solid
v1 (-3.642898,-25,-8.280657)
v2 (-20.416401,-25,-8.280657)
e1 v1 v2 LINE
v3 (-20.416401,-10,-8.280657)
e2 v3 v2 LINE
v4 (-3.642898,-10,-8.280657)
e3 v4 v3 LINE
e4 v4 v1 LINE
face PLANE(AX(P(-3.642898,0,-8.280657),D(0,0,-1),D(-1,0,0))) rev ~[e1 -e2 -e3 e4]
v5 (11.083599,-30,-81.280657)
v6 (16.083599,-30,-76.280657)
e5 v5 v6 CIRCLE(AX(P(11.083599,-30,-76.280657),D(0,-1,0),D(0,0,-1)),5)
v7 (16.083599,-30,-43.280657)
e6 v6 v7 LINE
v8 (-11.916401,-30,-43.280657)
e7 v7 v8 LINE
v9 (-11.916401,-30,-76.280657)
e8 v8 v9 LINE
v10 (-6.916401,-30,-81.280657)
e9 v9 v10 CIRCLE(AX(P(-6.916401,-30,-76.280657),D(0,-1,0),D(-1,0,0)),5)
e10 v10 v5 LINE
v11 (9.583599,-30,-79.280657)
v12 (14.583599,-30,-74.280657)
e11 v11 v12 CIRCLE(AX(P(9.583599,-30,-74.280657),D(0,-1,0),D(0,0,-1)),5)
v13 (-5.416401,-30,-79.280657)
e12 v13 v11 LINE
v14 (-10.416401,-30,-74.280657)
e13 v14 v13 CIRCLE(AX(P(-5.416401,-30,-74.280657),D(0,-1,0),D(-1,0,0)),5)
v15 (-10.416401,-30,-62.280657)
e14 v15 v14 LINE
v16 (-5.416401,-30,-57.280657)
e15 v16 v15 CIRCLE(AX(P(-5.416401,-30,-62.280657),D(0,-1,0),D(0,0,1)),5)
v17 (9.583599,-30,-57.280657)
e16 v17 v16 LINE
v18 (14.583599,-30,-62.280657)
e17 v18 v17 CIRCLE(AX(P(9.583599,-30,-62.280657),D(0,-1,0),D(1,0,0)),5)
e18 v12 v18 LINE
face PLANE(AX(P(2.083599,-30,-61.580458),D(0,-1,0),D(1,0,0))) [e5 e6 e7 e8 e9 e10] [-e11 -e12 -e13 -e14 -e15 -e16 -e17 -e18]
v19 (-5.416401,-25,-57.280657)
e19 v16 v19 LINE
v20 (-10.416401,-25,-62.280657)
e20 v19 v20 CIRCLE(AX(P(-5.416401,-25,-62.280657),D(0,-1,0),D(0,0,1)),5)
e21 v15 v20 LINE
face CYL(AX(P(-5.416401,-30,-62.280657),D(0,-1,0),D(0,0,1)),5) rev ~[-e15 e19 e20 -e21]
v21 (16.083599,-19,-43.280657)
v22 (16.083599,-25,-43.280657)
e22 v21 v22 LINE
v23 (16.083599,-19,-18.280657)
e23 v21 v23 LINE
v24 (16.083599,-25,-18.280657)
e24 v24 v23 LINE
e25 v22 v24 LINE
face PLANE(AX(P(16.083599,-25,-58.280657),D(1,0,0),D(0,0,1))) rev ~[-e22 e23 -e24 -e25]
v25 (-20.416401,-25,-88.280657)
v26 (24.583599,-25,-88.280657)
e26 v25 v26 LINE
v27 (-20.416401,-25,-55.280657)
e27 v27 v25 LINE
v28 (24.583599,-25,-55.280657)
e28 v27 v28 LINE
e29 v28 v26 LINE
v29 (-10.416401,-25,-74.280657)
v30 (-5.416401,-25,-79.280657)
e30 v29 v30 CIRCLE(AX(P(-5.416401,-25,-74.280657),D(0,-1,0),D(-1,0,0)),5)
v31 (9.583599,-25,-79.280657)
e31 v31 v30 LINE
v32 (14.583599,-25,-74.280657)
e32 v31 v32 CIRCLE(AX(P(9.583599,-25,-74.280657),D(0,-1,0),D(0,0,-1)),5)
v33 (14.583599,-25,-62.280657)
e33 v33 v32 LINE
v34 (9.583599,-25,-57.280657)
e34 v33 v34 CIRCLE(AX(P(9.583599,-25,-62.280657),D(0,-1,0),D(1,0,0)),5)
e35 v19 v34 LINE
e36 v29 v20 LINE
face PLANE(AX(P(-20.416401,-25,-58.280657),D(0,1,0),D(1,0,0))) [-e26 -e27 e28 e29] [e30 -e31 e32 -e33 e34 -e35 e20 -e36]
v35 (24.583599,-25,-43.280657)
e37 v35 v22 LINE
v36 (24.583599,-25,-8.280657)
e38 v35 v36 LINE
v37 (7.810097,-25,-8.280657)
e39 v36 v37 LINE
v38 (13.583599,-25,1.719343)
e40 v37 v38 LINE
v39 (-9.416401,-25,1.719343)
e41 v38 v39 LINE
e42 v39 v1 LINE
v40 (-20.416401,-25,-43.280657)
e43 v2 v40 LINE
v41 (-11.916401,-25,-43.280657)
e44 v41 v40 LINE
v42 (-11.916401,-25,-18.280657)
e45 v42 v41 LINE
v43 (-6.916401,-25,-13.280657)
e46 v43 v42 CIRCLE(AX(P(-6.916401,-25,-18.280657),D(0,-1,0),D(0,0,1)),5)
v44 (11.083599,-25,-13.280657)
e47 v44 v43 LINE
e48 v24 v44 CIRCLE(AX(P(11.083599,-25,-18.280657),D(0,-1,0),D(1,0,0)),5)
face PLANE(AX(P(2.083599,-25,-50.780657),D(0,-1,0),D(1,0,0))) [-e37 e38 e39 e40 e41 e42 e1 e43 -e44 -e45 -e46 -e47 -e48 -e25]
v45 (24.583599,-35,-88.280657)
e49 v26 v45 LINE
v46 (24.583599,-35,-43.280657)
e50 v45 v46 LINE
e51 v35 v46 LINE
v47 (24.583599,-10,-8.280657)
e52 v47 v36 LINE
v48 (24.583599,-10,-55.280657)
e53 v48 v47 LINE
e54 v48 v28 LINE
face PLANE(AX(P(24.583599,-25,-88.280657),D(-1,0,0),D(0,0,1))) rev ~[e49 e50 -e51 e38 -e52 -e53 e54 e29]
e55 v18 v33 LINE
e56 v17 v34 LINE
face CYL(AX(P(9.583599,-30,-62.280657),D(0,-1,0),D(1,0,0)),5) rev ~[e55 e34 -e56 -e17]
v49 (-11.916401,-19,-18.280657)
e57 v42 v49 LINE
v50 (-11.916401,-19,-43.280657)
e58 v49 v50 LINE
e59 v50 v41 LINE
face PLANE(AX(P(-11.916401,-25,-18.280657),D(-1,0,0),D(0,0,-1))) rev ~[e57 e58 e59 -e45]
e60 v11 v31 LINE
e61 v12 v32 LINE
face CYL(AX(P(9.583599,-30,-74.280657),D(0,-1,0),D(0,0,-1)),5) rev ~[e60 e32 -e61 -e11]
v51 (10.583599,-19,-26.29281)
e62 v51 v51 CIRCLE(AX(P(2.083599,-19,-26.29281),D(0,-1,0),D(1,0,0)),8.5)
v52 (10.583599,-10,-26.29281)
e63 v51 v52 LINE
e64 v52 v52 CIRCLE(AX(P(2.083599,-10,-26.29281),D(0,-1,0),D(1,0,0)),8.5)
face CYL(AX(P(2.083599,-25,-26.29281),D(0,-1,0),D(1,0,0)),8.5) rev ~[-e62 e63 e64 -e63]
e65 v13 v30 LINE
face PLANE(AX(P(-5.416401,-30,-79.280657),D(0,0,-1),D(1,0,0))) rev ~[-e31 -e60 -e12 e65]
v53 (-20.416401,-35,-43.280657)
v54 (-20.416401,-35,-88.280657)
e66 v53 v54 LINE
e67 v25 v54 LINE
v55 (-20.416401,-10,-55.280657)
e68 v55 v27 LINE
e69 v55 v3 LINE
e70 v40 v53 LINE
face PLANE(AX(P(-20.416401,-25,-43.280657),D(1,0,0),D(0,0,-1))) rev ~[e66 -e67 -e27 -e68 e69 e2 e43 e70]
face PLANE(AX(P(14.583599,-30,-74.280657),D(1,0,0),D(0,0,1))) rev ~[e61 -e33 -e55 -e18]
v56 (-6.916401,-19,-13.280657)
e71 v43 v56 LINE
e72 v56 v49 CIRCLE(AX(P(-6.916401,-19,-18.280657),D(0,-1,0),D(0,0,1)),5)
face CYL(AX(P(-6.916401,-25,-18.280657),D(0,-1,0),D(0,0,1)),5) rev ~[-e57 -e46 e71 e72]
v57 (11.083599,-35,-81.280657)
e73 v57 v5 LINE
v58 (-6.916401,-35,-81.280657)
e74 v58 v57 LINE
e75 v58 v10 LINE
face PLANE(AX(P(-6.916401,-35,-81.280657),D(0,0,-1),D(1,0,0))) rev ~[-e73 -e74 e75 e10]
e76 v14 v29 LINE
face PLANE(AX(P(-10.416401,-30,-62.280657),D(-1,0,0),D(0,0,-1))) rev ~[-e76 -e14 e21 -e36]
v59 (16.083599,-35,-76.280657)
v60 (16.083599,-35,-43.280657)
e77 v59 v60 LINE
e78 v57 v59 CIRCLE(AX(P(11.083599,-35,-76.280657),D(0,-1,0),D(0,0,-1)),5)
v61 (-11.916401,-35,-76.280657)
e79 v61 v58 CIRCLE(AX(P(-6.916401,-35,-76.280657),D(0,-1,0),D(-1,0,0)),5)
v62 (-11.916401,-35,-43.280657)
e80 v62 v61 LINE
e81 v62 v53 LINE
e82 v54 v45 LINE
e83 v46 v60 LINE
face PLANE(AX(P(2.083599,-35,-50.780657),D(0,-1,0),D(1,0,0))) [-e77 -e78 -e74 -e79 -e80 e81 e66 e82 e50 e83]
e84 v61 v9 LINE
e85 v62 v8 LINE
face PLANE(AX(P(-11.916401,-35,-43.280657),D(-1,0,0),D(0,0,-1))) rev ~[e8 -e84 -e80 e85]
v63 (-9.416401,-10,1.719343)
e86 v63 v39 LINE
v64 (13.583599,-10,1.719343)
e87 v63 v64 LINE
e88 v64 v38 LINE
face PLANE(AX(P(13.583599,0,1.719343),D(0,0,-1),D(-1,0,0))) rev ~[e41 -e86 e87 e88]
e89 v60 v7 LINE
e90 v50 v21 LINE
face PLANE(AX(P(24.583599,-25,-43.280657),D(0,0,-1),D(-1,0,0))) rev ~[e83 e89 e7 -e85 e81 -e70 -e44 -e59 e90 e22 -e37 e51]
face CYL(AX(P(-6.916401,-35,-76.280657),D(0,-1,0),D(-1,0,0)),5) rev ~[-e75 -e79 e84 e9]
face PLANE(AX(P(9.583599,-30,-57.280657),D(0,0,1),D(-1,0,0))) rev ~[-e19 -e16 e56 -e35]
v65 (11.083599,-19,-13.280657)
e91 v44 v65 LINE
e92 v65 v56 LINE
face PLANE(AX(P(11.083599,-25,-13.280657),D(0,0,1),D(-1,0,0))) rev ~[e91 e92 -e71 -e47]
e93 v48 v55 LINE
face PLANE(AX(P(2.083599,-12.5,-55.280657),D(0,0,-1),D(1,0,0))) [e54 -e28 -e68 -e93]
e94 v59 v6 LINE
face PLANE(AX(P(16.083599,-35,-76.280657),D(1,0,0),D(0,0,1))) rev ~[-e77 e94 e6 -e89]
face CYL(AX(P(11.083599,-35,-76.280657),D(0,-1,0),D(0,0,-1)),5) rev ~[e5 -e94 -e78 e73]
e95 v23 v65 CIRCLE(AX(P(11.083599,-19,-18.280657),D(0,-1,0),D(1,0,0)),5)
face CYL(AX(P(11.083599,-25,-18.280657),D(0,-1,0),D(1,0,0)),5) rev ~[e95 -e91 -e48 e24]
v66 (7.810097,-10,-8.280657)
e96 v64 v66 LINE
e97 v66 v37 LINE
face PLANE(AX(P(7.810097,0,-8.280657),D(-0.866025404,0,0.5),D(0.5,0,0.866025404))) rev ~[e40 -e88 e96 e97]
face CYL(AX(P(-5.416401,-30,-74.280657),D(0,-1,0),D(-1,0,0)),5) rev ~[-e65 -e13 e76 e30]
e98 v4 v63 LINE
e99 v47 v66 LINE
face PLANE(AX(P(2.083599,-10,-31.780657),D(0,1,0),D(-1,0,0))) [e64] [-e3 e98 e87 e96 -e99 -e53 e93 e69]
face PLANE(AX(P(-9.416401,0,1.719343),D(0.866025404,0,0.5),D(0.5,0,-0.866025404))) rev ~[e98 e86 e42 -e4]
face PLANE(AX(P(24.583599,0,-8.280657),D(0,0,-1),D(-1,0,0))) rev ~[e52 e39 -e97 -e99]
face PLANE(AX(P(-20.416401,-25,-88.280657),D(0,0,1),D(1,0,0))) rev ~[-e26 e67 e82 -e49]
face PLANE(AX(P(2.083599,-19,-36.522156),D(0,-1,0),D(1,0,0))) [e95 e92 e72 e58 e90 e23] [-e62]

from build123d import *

# Parameters (mm, degrees)
F1_DEPTH  = 25
F2_R      = 8.5
F3_DEPTH  = 25
F5_DEPTH  = 6
F6_W      = 28
F6_H      = 15
F7_DEPTH  = 6
F8_W      = 45
F8_H      = 30
F9_DEPTH  = 10
F11_DEPTH = 5
F13_W     = 45
F13_H     = 25
F14_DEPTH = 3
F15_DEPTH = 25
F16_W     = 45
F16_H     = 47
F17_DEPTH = 10
F19_DEPTH = 10


with BuildPart() as f1:
    # F0 (on Front) → F1 (new body)
    with BuildSketch(Plane.XZ):
        Polygon((13.583599414, 1.7193433519), (-9.416400586, 1.7193433519), (-3.6428978941, -8.2806566481), (-20.416400586, -8.2806566481), (-20.416400586, -58.2806566481), (24.583599414, -58.2806566481), (24.583599414, -8.2806566481), (7.8100967221, -8.2806566481), align=None)
    extrude(amount=F1_DEPTH)

    # F2 (on face) → F3 (cut)
    with BuildSketch(Plane.XZ.offset(25)):
        with Locations((2.083599414, -26.2928102165)):
            Circle(F2_R)
    extrude(amount=-F3_DEPTH, mode=Mode.SUBTRACT)

    # F4 (on face) → F5 (cut)
    with BuildSketch(Plane.XZ.offset(25)):
        with BuildLine():
            Line((11.083599414, -13.2806566481), (-6.916400586, -13.2806566481))
            ThreePointArc((-6.916400586, -13.2806566481), (-10.4519344919, -14.7451227421), (-11.916400586, -18.2806566481))
            Line((-11.916400586, -18.2806566481), (-11.916400586, -58.2806566481))
            Line((-11.916400586, -58.2806566481), (16.083599414, -58.2806566481))
            Line((16.083599414, -58.2806566481), (16.083599414, -18.2806566481))
            ThreePointArc((16.083599414, -18.2806566481), (14.6191333199, -14.7451227421), (11.083599414, -13.2806566481))
        make_face()
    extrude(amount=-F5_DEPTH, mode=Mode.SUBTRACT)

    # F6 (on face) → F7 (join)
    with BuildSketch(Plane.XZ.offset(19)):
        with Locations((2.083599414, -50.7806566481)):
            Rectangle(F6_W, F6_H)
    extrude(amount=F7_DEPTH)

    # F8 (on face) → F9 (join)
    with BuildSketch(Plane.XZ.offset(25)):
        Polygon((-11.916400586, -43.2806566481), (-20.416400586, -43.2806566481), (-20.416400586, -58.2806566481), (24.583599414, -58.2806566481), (24.583599414, -43.2806566481), (16.083599414, -43.2806566481), align=None)
        with Locations((2.083599414, -73.2806566481)):
            Rectangle(F8_W, F8_H)
    extrude(amount=F9_DEPTH)

    # F10 (on face) → F11 (cut)
    with BuildSketch(Plane.XZ.offset(35)):
        with BuildLine():
            Line((16.083599414, -43.2806566481), (-11.916400586, -43.2806566481))
            Line((-11.916400586, -43.2806566481), (-11.916400586, -76.2806566481))
            ThreePointArc((-11.916400586, -76.2806566481), (-10.4519344919, -79.816190554), (-6.916400586, -81.2806566481))
            Line((-6.916400586, -81.2806566481), (11.083599414, -81.2806566481))
            ThreePointArc((11.083599414, -81.2806566481), (14.6191333199, -79.816190554), (16.083599414, -76.2806566481))
            Line((16.083599414, -76.2806566481), (16.083599414, -43.2806566481))
        make_face()
    extrude(amount=-F11_DEPTH, mode=Mode.SUBTRACT)

    # F13 (on face) → F14 (cut)
    with BuildSketch(Plane(origin=(0, 0, -58.2806566481), x_dir=(1, 0, 0), z_dir=(0, 0, -1))):
        with Locations((2.083599414, 12.5)):
            Rectangle(F13_W, F13_H)
    extrude(amount=-F14_DEPTH, mode=Mode.SUBTRACT)

    # F12 (on face) → F15 (cut)
    with BuildSketch(Plane.XZ.offset(30)):
        with BuildLine():
            ThreePointArc((14.583599414, -62.2806566481), (13.1191333199, -58.7451227421), (9.583599414, -57.2806566481))
            Line((9.583599414, -57.2806566481), (-5.416400586, -57.2806566481))
            ThreePointArc((-5.416400586, -57.2806566481), (-8.9519344919, -58.7451227421), (-10.416400586, -62.2806566481))
            Line((-10.416400586, -62.2806566481), (-10.416400586, -74.2806566481))
            ThreePointArc((-10.416400586, -74.2806566481), (-8.9519344919, -77.816190554), (-5.416400586, -79.2806566481))
            Line((-5.416400586, -79.2806566481), (9.583599414, -79.2806566481))
            ThreePointArc((9.583599414, -79.2806566481), (13.1191333199, -77.816190554), (14.583599414, -74.2806566481))
            Line((14.583599414, -74.2806566481), (14.583599414, -62.2806566481))
        make_face()
    extrude(amount=-F15_DEPTH, mode=Mode.SUBTRACT)

    # F16 (on face) → F17 (cut)
    with BuildSketch(Plane(origin=(0, 0, 0), x_dir=(-1, 0, 0), z_dir=(0, 1, 0))):
        with Locations((-2.083599414, -31.7806566481)):
            Rectangle(F16_W, F16_H)
    extrude(amount=-F17_DEPTH, mode=Mode.SUBTRACT)

    # F18 (on face) → F19 (cut)
    with BuildSketch(Plane(origin=(0, 0, 0), x_dir=(-1, 0, 0), z_dir=(0, 1, 0))):
        Polygon((9.416400586, 1.7193433519), (-13.583599414, 1.7193433519), (-7.8100967221, -8.2806566481), (3.6428978941, -8.2806566481), align=None)
    extrude(amount=-F19_DEPTH, mode=Mode.SUBTRACT)


solid = f1.part
